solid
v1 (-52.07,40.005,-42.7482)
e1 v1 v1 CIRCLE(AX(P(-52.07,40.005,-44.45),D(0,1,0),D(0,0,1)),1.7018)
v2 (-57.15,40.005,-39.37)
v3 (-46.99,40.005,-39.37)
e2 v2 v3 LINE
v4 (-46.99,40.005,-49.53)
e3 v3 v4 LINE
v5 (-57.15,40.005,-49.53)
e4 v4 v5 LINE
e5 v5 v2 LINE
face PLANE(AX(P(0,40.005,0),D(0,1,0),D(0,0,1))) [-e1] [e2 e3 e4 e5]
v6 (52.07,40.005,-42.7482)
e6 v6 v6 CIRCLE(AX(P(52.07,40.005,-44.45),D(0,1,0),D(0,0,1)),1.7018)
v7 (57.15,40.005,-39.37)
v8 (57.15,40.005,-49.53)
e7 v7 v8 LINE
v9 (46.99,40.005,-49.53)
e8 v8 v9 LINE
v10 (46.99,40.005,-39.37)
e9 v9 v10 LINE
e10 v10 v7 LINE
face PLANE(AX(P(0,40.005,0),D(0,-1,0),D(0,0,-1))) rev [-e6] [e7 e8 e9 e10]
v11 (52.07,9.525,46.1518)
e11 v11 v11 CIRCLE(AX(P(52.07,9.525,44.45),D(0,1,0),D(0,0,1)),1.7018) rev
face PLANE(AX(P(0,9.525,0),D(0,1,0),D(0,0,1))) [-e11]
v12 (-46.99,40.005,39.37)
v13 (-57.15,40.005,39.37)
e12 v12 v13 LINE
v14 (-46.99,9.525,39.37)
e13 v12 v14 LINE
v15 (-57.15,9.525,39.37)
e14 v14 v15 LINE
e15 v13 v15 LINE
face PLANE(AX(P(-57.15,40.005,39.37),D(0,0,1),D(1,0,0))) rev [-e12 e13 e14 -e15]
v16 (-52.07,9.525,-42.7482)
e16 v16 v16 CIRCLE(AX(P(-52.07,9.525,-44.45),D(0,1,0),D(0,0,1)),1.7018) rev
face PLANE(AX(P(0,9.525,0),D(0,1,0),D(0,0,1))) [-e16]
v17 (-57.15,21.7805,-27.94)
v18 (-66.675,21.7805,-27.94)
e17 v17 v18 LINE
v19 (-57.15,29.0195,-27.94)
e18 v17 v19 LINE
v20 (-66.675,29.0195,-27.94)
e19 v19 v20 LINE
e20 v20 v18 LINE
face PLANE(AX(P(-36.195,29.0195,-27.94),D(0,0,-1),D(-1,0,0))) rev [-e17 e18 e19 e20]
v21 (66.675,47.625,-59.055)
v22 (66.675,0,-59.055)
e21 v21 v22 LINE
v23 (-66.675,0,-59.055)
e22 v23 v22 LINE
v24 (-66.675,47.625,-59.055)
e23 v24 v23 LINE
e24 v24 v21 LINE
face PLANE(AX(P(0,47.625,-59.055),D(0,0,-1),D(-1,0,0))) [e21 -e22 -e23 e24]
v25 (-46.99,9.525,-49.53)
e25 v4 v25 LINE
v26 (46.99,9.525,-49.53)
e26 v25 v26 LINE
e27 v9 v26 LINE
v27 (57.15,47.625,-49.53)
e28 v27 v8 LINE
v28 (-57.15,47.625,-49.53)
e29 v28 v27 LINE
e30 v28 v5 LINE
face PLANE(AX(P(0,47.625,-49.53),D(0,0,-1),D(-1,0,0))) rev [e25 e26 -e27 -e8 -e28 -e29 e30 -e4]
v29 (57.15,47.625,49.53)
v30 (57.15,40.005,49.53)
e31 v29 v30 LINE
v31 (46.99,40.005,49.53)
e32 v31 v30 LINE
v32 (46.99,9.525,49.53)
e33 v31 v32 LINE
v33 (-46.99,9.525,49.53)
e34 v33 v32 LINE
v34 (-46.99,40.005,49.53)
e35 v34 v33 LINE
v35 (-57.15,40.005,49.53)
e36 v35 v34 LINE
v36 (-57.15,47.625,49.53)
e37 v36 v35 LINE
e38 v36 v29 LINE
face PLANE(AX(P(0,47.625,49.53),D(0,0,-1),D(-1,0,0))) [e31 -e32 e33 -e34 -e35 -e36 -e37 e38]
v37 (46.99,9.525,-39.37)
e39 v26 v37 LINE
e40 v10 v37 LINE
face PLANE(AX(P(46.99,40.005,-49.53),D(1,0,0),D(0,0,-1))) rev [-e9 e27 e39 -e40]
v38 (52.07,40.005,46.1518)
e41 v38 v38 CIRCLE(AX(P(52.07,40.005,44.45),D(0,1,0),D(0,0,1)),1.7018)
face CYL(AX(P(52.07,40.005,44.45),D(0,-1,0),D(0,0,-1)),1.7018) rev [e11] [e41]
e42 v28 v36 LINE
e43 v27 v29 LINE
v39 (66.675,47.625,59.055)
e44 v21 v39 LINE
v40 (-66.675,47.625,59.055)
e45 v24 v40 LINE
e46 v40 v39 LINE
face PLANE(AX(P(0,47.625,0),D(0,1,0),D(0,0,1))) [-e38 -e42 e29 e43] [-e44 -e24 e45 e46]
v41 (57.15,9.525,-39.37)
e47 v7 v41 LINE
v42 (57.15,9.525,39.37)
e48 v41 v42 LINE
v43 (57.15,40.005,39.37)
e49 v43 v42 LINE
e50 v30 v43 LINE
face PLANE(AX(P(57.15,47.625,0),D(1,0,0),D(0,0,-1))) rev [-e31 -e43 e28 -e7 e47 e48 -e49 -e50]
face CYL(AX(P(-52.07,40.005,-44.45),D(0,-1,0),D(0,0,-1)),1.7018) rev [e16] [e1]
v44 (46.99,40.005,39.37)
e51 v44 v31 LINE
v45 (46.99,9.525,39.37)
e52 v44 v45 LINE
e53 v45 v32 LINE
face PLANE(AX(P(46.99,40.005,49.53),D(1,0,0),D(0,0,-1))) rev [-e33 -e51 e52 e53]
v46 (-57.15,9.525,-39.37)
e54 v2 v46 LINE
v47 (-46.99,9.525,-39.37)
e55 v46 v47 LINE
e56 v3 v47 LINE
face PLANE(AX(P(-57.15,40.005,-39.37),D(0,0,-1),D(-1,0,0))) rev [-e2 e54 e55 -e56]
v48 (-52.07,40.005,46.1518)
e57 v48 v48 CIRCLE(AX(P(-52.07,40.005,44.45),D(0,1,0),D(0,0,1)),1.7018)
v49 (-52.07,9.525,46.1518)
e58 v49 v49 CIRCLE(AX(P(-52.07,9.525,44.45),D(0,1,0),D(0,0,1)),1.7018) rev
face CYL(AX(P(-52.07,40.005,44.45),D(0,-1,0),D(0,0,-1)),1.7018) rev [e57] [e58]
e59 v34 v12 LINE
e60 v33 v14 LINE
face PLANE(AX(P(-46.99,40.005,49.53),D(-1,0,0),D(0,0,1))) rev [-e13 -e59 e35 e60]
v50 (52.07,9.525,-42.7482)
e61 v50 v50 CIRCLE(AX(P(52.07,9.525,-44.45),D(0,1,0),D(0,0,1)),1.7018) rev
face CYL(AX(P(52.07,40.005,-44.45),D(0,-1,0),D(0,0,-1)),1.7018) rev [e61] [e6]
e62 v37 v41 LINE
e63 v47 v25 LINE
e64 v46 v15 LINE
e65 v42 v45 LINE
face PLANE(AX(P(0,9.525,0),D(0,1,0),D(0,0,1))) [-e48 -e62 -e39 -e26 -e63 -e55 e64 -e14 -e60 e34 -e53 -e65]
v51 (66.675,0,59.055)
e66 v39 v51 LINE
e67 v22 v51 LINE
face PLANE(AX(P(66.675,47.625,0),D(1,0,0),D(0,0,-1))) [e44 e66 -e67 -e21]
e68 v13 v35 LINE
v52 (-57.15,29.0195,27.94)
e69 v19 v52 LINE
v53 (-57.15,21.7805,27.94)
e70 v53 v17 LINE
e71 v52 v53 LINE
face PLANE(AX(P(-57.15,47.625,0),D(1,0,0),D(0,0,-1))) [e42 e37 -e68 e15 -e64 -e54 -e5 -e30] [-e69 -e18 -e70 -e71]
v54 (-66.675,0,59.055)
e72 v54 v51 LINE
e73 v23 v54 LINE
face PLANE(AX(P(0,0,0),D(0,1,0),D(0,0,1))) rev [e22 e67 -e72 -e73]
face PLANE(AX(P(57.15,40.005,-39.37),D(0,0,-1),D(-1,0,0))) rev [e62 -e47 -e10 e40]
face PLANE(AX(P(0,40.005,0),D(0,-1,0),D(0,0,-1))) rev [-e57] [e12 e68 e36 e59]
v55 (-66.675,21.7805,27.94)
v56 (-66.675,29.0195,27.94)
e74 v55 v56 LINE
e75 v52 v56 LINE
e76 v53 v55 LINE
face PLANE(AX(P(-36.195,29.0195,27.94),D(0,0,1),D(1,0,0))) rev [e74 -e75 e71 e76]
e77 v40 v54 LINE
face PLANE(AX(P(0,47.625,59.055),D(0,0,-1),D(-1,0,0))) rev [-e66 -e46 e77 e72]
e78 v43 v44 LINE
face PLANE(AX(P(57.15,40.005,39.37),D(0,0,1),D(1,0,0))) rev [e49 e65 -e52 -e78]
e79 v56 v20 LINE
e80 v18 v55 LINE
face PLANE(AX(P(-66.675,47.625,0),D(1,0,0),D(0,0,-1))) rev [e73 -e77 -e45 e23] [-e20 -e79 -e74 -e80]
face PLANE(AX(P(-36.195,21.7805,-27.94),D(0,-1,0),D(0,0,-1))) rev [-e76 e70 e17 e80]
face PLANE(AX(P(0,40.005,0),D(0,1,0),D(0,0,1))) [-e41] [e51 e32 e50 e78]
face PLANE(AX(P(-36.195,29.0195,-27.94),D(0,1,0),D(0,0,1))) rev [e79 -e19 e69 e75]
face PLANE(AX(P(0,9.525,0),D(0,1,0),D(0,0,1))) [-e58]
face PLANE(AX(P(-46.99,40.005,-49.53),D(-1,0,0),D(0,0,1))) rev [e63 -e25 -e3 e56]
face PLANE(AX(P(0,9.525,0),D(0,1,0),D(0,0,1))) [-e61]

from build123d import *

# Parameters (mm, degrees)
SKETCH1_W           = 114.3
SKETCH1_H           = 99.06
BOSS_EXTRUDE1_DEPTH = 9.525
SKETCH1_3_W         = 133.35
SKETCH1_3_H         = 118.11
SKETCH1_3_W_2       = 114.3
SKETCH1_3_H_2       = 99.06
BOSS_EXTRUDE2_DEPTH = 47.625
SKETCH3_W           = 10.16
SKETCH3_H           = 10.16
SKETCH3_R           = 1.7018
BOSS_EXTRUDE3_DEPTH = 30.48
SKETCH5_W           = 55.88
SKETCH5_H           = 7.239
CUT_EXTRUDE1_DEPTH  = 30.48


with BuildPart() as part:
    # Sketch1 → Boss-Extrude1 (new body)
    with BuildSketch(Plane(origin=(0, 0, 0), x_dir=(1, 0, 0), z_dir=(0, 1, 0))):
        Rectangle(SKETCH1_W, SKETCH1_H)
    extrude(amount=BOSS_EXTRUDE1_DEPTH)

    # Sketch1<3> → Boss-Extrude2 (add)
    with BuildSketch(Plane(origin=(0, 0, 0), x_dir=(1, 0, 0), z_dir=(0, 1, 0))):
        Rectangle(SKETCH1_3_W, SKETCH1_3_H)
        Rectangle(SKETCH1_3_W_2, SKETCH1_3_H_2, mode=Mode.SUBTRACT)
    extrude(amount=BOSS_EXTRUDE2_DEPTH)

    # Sketch3 → Boss-Extrude3 (add)
    # profile 1 of 4: a face of its own
    with BuildSketch(Plane(origin=(0, 9.525, 0), x_dir=(1, 0, 0), z_dir=(0, 1, 0))):
        with Locations((-52.07, 44.45)):
            Rectangle(SKETCH3_W, SKETCH3_H)
        with Locations((-52.07, 44.45)):
            Circle(SKETCH3_R, mode=Mode.SUBTRACT)
    # profile 2 of 4: a face of its own
    with BuildSketch(Plane(origin=(0, 9.525, 0), x_dir=(1, 0, 0), z_dir=(0, 1, 0))):
        with Locations((52.07, 44.45)):
            Rectangle(SKETCH3_W, SKETCH3_H)
        with Locations((52.07, 44.45)):
            Circle(SKETCH3_R, mode=Mode.SUBTRACT)
    # profile 3 of 4: a face of its own
    with BuildSketch(Plane(origin=(0, 9.525, 0), x_dir=(1, 0, 0), z_dir=(0, 1, 0))):
        with Locations((52.07, -44.45)):
            Rectangle(SKETCH3_W, SKETCH3_H)
        with Locations((52.07, -44.45)):
            Circle(SKETCH3_R, mode=Mode.SUBTRACT)
    # profile 4 of 4: a face of its own
    with BuildSketch(Plane(origin=(0, 9.525, 0), x_dir=(1, 0, 0), z_dir=(0, 1, 0))):
        with Locations((-52.07, -44.45)):
            Rectangle(SKETCH3_W, SKETCH3_H)
        with Locations((-52.07, -44.45)):
            Circle(SKETCH3_R, mode=Mode.SUBTRACT)
    extrude(amount=BOSS_EXTRUDE3_DEPTH)

    # Sketch5 → Cut-Extrude1 (cut)
    with BuildSketch(Plane.ZY.offset(66.675)):
        with Locations((0, 25.4)):
            Rectangle(SKETCH5_W, SKETCH5_H)
    extrude(amount=-CUT_EXTRUDE1_DEPTH, mode=Mode.SUBTRACT)


solid = part.part
